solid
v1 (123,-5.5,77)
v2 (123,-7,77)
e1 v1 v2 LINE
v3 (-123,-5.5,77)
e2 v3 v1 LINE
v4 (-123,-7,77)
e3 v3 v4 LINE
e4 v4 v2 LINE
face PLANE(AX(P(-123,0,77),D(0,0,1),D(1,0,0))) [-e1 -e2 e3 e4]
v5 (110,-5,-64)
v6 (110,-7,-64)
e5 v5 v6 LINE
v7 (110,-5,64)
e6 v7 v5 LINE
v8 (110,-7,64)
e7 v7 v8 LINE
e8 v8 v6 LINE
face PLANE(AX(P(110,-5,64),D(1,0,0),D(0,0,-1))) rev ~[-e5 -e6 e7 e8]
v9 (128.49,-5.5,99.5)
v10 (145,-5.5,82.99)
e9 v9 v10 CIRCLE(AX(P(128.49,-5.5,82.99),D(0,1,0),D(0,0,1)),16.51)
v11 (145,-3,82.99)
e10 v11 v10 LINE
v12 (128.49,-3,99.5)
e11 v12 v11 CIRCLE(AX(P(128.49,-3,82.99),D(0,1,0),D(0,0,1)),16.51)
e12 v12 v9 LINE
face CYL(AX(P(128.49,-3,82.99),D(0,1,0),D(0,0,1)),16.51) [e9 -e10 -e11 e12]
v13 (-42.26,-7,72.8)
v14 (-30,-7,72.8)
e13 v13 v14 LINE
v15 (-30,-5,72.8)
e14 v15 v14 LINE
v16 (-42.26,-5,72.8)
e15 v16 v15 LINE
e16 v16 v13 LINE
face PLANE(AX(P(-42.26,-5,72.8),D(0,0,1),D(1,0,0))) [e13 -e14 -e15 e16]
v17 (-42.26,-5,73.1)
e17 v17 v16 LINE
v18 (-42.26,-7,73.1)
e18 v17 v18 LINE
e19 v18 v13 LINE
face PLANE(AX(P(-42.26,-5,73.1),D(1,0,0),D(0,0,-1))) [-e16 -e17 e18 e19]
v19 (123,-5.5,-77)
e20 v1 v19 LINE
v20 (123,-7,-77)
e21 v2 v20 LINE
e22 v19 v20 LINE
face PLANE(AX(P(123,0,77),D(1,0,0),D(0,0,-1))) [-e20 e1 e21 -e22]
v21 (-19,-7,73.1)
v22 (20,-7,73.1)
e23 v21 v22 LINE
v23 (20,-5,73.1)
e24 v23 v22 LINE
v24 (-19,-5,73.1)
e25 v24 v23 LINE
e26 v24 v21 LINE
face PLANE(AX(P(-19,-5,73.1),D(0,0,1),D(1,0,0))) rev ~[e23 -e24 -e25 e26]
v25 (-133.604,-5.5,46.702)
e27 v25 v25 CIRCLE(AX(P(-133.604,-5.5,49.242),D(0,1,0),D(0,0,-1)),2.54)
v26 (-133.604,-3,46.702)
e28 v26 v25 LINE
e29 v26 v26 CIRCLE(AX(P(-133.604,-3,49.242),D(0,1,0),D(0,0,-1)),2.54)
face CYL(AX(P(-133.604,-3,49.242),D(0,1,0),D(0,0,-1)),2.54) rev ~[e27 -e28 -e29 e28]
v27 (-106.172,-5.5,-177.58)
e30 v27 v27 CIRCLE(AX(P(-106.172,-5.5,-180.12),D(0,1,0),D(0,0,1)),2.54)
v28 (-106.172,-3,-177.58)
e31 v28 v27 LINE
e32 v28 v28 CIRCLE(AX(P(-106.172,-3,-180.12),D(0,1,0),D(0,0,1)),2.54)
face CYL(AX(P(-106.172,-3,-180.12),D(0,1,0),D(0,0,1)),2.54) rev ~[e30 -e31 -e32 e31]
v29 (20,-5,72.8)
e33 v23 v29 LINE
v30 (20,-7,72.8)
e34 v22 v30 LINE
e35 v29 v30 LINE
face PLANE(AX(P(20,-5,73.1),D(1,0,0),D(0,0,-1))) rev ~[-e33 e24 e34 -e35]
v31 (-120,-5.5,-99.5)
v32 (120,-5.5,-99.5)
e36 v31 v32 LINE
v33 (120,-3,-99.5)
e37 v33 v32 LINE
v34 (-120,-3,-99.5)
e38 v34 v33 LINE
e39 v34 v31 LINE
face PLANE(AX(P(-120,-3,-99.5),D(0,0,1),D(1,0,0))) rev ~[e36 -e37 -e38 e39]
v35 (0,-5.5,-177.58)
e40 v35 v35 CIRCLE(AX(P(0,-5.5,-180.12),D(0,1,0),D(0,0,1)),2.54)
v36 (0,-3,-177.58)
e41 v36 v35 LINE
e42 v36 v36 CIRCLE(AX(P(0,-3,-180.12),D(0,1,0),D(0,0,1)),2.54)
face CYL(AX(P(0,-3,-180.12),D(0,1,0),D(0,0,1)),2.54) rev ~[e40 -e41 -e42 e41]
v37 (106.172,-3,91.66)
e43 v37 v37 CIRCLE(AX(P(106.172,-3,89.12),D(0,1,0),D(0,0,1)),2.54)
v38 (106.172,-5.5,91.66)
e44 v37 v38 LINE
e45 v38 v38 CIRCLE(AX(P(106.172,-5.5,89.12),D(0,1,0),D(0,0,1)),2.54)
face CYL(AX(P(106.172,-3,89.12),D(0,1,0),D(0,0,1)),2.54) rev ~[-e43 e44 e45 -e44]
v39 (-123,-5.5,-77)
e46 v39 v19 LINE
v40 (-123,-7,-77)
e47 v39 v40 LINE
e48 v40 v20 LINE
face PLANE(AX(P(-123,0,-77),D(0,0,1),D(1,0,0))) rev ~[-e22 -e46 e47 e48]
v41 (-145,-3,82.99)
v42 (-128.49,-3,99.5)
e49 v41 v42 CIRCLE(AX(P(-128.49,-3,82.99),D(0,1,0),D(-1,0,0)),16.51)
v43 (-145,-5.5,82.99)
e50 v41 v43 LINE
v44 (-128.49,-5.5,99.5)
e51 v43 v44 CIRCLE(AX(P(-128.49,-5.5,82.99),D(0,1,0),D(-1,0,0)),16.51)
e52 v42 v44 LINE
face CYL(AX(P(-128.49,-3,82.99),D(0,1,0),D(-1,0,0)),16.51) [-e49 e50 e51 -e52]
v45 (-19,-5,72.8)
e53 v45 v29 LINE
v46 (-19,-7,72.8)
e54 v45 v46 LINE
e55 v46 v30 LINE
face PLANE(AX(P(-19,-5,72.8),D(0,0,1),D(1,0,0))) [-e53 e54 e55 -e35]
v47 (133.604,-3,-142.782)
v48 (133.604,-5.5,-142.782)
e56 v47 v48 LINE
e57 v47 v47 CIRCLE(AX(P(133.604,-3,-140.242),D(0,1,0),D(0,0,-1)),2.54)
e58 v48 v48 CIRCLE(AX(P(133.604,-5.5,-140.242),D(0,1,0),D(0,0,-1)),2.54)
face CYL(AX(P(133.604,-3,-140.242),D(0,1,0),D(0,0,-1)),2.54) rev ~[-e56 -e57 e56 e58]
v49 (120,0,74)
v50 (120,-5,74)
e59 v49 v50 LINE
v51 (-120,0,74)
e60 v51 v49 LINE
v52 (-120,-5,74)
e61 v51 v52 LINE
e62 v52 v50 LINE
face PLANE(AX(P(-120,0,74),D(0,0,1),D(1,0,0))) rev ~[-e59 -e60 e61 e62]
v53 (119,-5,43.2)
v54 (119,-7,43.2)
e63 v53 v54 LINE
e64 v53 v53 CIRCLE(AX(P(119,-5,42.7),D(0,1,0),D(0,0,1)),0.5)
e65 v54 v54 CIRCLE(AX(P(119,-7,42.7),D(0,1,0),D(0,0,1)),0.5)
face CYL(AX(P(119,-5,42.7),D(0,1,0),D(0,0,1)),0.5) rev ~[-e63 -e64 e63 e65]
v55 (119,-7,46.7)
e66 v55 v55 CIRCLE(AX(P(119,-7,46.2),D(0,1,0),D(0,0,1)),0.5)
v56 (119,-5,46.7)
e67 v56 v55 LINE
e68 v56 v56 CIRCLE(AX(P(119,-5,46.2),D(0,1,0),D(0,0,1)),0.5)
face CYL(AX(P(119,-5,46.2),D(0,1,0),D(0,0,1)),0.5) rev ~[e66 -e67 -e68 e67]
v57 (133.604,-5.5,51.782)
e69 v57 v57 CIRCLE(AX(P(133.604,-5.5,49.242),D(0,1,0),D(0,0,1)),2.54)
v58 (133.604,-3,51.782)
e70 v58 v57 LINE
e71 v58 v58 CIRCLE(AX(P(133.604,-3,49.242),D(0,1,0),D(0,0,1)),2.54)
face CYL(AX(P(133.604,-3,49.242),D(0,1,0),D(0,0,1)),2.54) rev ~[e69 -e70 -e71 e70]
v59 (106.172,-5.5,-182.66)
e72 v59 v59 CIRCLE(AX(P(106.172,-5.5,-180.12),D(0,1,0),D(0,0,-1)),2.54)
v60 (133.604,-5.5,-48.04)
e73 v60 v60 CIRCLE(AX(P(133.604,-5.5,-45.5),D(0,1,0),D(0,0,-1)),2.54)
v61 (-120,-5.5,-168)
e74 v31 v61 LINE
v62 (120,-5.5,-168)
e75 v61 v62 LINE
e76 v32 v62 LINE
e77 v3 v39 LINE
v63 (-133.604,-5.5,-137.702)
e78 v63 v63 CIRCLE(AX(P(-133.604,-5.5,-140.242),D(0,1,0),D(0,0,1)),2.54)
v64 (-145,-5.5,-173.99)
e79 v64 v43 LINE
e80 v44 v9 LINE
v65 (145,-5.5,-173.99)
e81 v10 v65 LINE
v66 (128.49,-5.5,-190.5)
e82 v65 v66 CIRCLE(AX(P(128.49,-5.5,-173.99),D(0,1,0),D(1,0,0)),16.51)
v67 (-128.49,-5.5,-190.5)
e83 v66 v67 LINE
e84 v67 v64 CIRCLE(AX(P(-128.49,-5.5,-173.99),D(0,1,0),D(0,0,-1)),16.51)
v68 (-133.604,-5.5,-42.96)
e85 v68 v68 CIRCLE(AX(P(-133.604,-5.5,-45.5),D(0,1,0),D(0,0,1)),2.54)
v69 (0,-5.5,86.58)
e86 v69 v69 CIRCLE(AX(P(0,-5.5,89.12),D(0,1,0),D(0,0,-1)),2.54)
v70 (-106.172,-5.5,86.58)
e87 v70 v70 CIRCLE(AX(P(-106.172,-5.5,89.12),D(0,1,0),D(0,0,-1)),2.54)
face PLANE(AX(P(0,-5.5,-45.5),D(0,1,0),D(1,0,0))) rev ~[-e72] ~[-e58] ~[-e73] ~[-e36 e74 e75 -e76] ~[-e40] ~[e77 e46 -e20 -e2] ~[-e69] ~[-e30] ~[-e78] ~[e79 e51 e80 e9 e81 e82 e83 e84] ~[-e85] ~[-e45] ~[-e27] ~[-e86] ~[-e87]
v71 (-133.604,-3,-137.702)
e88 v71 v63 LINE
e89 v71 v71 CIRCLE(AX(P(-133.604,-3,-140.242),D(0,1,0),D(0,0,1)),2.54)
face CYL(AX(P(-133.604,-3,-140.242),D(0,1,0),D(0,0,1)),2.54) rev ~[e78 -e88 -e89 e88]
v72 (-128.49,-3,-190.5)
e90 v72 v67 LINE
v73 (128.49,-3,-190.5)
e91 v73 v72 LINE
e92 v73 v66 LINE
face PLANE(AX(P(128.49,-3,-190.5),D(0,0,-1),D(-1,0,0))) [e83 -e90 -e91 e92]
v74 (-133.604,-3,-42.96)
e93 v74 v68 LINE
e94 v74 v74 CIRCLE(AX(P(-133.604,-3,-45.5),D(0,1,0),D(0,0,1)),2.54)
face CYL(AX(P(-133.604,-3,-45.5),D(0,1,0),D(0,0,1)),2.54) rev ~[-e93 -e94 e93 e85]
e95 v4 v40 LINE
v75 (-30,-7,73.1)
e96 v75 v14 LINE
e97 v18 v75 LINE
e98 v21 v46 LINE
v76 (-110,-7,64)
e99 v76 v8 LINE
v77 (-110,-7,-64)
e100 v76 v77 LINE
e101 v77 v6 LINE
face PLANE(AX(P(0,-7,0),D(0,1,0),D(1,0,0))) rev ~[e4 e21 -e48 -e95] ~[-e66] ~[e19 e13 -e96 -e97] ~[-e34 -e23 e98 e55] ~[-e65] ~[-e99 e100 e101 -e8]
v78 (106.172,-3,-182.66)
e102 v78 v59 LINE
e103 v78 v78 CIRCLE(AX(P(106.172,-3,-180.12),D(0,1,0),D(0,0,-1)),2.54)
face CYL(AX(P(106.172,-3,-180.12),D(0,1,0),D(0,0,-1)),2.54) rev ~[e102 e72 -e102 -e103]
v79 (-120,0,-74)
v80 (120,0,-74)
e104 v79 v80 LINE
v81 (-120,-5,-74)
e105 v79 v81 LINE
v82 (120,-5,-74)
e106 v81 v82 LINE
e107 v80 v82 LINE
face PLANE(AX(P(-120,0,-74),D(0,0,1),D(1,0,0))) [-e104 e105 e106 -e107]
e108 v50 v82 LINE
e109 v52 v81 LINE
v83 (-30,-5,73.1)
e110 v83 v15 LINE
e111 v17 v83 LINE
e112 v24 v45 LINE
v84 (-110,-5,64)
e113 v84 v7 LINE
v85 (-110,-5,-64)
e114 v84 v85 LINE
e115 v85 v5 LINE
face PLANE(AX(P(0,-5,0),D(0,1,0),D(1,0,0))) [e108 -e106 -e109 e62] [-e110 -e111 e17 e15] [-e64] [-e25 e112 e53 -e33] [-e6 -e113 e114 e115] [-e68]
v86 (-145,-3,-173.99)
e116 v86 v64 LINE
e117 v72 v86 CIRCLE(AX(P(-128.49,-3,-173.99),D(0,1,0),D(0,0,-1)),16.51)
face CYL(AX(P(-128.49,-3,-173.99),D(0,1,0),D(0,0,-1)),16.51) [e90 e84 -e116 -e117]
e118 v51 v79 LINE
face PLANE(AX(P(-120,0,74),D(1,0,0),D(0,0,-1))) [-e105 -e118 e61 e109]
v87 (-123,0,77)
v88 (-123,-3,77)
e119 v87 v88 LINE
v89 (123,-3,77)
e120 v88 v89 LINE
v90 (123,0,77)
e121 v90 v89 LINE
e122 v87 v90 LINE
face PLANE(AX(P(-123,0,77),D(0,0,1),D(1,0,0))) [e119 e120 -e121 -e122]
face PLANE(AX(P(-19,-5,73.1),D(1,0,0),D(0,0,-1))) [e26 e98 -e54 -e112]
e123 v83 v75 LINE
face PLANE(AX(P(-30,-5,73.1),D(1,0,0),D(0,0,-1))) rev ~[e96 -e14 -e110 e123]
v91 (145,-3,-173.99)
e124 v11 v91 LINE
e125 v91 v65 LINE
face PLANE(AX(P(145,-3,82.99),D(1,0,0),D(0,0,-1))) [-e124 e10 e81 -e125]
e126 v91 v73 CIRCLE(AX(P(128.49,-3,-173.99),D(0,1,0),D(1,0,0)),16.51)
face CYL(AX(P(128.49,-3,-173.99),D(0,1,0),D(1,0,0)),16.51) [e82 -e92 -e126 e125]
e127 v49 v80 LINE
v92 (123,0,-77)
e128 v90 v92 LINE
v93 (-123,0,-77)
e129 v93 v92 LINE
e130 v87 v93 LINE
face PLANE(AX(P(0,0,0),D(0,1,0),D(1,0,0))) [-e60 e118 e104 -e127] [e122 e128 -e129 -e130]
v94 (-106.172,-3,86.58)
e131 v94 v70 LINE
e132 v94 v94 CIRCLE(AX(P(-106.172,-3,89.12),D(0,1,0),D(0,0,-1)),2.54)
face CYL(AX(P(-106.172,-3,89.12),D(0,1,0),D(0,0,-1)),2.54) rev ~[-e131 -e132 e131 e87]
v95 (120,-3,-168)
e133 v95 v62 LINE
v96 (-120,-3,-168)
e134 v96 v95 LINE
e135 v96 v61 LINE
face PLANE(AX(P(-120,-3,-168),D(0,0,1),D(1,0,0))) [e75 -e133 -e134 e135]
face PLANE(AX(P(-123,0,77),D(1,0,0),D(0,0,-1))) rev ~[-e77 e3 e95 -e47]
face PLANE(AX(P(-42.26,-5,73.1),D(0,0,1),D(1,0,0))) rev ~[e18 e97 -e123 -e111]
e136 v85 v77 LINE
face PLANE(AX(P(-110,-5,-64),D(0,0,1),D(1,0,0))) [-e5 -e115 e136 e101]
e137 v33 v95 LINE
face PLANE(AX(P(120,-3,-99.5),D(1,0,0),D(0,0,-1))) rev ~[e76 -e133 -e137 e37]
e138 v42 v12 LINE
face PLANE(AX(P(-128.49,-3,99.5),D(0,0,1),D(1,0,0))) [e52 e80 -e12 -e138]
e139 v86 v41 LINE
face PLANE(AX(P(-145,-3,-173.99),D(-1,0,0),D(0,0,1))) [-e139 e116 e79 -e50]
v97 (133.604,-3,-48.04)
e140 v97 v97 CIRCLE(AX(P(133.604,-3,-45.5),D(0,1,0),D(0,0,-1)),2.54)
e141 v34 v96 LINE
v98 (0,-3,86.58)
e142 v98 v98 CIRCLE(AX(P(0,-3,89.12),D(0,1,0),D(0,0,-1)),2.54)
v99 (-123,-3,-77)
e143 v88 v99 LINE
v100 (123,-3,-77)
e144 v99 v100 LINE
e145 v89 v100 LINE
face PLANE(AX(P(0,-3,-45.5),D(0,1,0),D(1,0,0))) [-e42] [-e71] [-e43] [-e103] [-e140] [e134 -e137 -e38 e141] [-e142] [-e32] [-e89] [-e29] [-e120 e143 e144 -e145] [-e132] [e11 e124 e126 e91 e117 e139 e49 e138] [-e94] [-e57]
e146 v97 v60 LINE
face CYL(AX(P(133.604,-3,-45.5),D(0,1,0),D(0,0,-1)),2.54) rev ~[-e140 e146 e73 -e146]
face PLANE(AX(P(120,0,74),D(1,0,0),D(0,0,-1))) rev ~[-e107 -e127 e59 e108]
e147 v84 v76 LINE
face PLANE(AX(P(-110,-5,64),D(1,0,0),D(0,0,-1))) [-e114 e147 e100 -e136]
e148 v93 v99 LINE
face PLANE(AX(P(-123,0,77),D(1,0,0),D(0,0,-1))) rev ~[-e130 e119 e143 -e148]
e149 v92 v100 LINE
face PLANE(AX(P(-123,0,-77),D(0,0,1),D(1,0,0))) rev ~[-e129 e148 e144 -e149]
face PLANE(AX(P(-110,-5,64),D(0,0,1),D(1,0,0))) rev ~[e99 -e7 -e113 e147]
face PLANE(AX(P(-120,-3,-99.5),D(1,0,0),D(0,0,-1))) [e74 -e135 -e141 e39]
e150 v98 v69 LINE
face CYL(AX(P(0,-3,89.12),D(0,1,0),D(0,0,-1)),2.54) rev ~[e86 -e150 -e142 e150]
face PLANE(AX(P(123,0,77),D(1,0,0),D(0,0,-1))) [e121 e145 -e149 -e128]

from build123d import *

# Parameters (mm, degrees)
SKETCH1_W           = 246
SKETCH1_H           = 154
BOSS_EXTRUDE1_DEPTH = 7
SKETCH2_W           = 240
SKETCH2_H           = 148
CUT_EXTRUDE1_DEPTH  = 5
SKETCH3_W           = 220
SKETCH3_H           = 128
CUT_EXTRUDE2_DEPTH  = 5
BOSS_EXTRUDE2_START = -3
SKETCH6_W           = 240
SKETCH6_H           = 68.5
SKETCH6_W_2         = 246
SKETCH6_H_2         = 154
BOSS_EXTRUDE2_DEPTH = 2.5
SKETCH8_W           = 39
SKETCH8_H           = 0.3
SKETCH8_W_2         = 12.26
CUT_EXTRUDE5_DEPTH  = 5
SKETCH9_R           = 0.5
CUT_EXTRUDE6_DEPTH  = 5
SKETCH10_R          = 2.54
CUT_EXTRUDE7_DEPTH  = 5


with BuildPart() as part:
    # Sketch1 → Boss-Extrude1 (new body)
    with BuildSketch(Plane(origin=(0, 0, 0), x_dir=(1, 0, 0), z_dir=(0, 1, 0))):
        Rectangle(SKETCH1_W, SKETCH1_H)
    extrude(amount=-BOSS_EXTRUDE1_DEPTH)

    # Sketch2 → Cut-Extrude1 (cut)
    with BuildSketch(Plane(origin=(0, 0, 0), x_dir=(1, 0, 0), z_dir=(0, 1, 0))):
        Rectangle(SKETCH2_W, SKETCH2_H)
    extrude(amount=-CUT_EXTRUDE1_DEPTH, mode=Mode.SUBTRACT)

    # Sketch3 → Cut-Extrude2 (cut)
    with BuildSketch(Plane(origin=(0, -5, 0), x_dir=(1, 0, 0), z_dir=(0, 1, 0))):
        Rectangle(SKETCH3_W, SKETCH3_H)
    extrude(amount=-CUT_EXTRUDE2_DEPTH, mode=Mode.SUBTRACT)

    # Sketch6 → Boss-Extrude2 (add)
    with BuildSketch(Plane(origin=(0, 0, 0), x_dir=(1, 0, 0), z_dir=(0, 1, 0)).offset(BOSS_EXTRUDE2_START)):
        with BuildLine():
            Line((-128.49, -99.5), (128.49, -99.5))
            ThreePointArc((128.49, -99.5), (140.164332957, -94.664332957), (145, -82.99))
            Line((145, -82.99), (145, 173.99))
            ThreePointArc((145, 173.99), (140.164332957, 185.664332957), (128.49, 190.5))
            Line((128.49, 190.5), (-128.49, 190.5))
            ThreePointArc((-128.49, 190.5), (-140.164332957, 185.664332957), (-145, 173.99))
            Line((-145, 173.99), (-145, -82.99))
            ThreePointArc((-145, -82.99), (-140.164332957, -94.664332957), (-128.49, -99.5))
        make_face()
        with Locations((0, 133.75)):
            Rectangle(SKETCH6_W, SKETCH6_H, mode=Mode.SUBTRACT)
        Rectangle(SKETCH6_W_2, SKETCH6_H_2, mode=Mode.SUBTRACT)
    extrude(amount=-BOSS_EXTRUDE2_DEPTH)

    # Sketch8 → Cut-Extrude5 (cut)
    with BuildSketch(Plane(origin=(0, -5, 0), x_dir=(1, 0, 0), z_dir=(0, 1, 0))):
        with Locations((0.5, -72.95)):
            Rectangle(SKETCH8_W, SKETCH8_H)
        with Locations((-36.13, -72.95)):
            Rectangle(SKETCH8_W_2, SKETCH8_H)
    extrude(amount=-CUT_EXTRUDE5_DEPTH, mode=Mode.SUBTRACT)

    # Sketch9 → Cut-Extrude6 (cut)
    with BuildSketch(Plane(origin=(0, -5, 0), x_dir=(1, 0, 0), z_dir=(0, 1, 0))):
        with Locations(Location((119, -46.2, 0), (0, 0, 270))):
            Circle(SKETCH9_R)
        with Locations(Location((119, -42.7, 0), (0, 0, 270))):
            Circle(SKETCH9_R)
    extrude(amount=-CUT_EXTRUDE6_DEPTH, mode=Mode.SUBTRACT)

    # Sketch10 → Cut-Extrude7 (cut)
    with BuildSketch(Plane(origin=(0, -3, 0), x_dir=(1, 0, 0), z_dir=(0, 1, 0))):
        with Locations(Location((-133.604, 140.242, 0), (0, 0, 270))):
            Circle(SKETCH10_R)
        with Locations(Location((-106.172, 180.12, 0), (0, 0, 270))):
            Circle(SKETCH10_R)
        with Locations(Location((-133.604, -49.242, 0), (0, 0, 90))):
            Circle(SKETCH10_R)
        with Locations(Location((-133.604, 45.5, 0), (0, 0, 270))):
            Circle(SKETCH10_R)
        with Locations(Location((0, 180.12, 0), (0, 0, 270))):
            Circle(SKETCH10_R)
        with Locations(Location((0, -89.12, 0), (0, 0, 90))):
            Circle(SKETCH10_R)
        with Locations(Location((-106.172, -89.12, 0), (0, 0, 90))):
            Circle(SKETCH10_R)
        with Locations(Location((106.172, -89.12, 0), (0, 0, 270))):
            Circle(SKETCH10_R)
        with Locations(Location((133.604, 45.5, 0), (0, 0, 90))):
            Circle(SKETCH10_R)
        with Locations(Location((133.604, -49.242, 0), (0, 0, 270))):
            Circle(SKETCH10_R)
        with Locations(Location((106.172, 180.12, 0), (0, 0, 90))):
            Circle(SKETCH10_R)
        with Locations(Location((133.604, 140.242, 0), (0, 0, 90))):
            Circle(SKETCH10_R)
    extrude(amount=-CUT_EXTRUDE7_DEPTH, mode=Mode.SUBTRACT)


solid = part.part
